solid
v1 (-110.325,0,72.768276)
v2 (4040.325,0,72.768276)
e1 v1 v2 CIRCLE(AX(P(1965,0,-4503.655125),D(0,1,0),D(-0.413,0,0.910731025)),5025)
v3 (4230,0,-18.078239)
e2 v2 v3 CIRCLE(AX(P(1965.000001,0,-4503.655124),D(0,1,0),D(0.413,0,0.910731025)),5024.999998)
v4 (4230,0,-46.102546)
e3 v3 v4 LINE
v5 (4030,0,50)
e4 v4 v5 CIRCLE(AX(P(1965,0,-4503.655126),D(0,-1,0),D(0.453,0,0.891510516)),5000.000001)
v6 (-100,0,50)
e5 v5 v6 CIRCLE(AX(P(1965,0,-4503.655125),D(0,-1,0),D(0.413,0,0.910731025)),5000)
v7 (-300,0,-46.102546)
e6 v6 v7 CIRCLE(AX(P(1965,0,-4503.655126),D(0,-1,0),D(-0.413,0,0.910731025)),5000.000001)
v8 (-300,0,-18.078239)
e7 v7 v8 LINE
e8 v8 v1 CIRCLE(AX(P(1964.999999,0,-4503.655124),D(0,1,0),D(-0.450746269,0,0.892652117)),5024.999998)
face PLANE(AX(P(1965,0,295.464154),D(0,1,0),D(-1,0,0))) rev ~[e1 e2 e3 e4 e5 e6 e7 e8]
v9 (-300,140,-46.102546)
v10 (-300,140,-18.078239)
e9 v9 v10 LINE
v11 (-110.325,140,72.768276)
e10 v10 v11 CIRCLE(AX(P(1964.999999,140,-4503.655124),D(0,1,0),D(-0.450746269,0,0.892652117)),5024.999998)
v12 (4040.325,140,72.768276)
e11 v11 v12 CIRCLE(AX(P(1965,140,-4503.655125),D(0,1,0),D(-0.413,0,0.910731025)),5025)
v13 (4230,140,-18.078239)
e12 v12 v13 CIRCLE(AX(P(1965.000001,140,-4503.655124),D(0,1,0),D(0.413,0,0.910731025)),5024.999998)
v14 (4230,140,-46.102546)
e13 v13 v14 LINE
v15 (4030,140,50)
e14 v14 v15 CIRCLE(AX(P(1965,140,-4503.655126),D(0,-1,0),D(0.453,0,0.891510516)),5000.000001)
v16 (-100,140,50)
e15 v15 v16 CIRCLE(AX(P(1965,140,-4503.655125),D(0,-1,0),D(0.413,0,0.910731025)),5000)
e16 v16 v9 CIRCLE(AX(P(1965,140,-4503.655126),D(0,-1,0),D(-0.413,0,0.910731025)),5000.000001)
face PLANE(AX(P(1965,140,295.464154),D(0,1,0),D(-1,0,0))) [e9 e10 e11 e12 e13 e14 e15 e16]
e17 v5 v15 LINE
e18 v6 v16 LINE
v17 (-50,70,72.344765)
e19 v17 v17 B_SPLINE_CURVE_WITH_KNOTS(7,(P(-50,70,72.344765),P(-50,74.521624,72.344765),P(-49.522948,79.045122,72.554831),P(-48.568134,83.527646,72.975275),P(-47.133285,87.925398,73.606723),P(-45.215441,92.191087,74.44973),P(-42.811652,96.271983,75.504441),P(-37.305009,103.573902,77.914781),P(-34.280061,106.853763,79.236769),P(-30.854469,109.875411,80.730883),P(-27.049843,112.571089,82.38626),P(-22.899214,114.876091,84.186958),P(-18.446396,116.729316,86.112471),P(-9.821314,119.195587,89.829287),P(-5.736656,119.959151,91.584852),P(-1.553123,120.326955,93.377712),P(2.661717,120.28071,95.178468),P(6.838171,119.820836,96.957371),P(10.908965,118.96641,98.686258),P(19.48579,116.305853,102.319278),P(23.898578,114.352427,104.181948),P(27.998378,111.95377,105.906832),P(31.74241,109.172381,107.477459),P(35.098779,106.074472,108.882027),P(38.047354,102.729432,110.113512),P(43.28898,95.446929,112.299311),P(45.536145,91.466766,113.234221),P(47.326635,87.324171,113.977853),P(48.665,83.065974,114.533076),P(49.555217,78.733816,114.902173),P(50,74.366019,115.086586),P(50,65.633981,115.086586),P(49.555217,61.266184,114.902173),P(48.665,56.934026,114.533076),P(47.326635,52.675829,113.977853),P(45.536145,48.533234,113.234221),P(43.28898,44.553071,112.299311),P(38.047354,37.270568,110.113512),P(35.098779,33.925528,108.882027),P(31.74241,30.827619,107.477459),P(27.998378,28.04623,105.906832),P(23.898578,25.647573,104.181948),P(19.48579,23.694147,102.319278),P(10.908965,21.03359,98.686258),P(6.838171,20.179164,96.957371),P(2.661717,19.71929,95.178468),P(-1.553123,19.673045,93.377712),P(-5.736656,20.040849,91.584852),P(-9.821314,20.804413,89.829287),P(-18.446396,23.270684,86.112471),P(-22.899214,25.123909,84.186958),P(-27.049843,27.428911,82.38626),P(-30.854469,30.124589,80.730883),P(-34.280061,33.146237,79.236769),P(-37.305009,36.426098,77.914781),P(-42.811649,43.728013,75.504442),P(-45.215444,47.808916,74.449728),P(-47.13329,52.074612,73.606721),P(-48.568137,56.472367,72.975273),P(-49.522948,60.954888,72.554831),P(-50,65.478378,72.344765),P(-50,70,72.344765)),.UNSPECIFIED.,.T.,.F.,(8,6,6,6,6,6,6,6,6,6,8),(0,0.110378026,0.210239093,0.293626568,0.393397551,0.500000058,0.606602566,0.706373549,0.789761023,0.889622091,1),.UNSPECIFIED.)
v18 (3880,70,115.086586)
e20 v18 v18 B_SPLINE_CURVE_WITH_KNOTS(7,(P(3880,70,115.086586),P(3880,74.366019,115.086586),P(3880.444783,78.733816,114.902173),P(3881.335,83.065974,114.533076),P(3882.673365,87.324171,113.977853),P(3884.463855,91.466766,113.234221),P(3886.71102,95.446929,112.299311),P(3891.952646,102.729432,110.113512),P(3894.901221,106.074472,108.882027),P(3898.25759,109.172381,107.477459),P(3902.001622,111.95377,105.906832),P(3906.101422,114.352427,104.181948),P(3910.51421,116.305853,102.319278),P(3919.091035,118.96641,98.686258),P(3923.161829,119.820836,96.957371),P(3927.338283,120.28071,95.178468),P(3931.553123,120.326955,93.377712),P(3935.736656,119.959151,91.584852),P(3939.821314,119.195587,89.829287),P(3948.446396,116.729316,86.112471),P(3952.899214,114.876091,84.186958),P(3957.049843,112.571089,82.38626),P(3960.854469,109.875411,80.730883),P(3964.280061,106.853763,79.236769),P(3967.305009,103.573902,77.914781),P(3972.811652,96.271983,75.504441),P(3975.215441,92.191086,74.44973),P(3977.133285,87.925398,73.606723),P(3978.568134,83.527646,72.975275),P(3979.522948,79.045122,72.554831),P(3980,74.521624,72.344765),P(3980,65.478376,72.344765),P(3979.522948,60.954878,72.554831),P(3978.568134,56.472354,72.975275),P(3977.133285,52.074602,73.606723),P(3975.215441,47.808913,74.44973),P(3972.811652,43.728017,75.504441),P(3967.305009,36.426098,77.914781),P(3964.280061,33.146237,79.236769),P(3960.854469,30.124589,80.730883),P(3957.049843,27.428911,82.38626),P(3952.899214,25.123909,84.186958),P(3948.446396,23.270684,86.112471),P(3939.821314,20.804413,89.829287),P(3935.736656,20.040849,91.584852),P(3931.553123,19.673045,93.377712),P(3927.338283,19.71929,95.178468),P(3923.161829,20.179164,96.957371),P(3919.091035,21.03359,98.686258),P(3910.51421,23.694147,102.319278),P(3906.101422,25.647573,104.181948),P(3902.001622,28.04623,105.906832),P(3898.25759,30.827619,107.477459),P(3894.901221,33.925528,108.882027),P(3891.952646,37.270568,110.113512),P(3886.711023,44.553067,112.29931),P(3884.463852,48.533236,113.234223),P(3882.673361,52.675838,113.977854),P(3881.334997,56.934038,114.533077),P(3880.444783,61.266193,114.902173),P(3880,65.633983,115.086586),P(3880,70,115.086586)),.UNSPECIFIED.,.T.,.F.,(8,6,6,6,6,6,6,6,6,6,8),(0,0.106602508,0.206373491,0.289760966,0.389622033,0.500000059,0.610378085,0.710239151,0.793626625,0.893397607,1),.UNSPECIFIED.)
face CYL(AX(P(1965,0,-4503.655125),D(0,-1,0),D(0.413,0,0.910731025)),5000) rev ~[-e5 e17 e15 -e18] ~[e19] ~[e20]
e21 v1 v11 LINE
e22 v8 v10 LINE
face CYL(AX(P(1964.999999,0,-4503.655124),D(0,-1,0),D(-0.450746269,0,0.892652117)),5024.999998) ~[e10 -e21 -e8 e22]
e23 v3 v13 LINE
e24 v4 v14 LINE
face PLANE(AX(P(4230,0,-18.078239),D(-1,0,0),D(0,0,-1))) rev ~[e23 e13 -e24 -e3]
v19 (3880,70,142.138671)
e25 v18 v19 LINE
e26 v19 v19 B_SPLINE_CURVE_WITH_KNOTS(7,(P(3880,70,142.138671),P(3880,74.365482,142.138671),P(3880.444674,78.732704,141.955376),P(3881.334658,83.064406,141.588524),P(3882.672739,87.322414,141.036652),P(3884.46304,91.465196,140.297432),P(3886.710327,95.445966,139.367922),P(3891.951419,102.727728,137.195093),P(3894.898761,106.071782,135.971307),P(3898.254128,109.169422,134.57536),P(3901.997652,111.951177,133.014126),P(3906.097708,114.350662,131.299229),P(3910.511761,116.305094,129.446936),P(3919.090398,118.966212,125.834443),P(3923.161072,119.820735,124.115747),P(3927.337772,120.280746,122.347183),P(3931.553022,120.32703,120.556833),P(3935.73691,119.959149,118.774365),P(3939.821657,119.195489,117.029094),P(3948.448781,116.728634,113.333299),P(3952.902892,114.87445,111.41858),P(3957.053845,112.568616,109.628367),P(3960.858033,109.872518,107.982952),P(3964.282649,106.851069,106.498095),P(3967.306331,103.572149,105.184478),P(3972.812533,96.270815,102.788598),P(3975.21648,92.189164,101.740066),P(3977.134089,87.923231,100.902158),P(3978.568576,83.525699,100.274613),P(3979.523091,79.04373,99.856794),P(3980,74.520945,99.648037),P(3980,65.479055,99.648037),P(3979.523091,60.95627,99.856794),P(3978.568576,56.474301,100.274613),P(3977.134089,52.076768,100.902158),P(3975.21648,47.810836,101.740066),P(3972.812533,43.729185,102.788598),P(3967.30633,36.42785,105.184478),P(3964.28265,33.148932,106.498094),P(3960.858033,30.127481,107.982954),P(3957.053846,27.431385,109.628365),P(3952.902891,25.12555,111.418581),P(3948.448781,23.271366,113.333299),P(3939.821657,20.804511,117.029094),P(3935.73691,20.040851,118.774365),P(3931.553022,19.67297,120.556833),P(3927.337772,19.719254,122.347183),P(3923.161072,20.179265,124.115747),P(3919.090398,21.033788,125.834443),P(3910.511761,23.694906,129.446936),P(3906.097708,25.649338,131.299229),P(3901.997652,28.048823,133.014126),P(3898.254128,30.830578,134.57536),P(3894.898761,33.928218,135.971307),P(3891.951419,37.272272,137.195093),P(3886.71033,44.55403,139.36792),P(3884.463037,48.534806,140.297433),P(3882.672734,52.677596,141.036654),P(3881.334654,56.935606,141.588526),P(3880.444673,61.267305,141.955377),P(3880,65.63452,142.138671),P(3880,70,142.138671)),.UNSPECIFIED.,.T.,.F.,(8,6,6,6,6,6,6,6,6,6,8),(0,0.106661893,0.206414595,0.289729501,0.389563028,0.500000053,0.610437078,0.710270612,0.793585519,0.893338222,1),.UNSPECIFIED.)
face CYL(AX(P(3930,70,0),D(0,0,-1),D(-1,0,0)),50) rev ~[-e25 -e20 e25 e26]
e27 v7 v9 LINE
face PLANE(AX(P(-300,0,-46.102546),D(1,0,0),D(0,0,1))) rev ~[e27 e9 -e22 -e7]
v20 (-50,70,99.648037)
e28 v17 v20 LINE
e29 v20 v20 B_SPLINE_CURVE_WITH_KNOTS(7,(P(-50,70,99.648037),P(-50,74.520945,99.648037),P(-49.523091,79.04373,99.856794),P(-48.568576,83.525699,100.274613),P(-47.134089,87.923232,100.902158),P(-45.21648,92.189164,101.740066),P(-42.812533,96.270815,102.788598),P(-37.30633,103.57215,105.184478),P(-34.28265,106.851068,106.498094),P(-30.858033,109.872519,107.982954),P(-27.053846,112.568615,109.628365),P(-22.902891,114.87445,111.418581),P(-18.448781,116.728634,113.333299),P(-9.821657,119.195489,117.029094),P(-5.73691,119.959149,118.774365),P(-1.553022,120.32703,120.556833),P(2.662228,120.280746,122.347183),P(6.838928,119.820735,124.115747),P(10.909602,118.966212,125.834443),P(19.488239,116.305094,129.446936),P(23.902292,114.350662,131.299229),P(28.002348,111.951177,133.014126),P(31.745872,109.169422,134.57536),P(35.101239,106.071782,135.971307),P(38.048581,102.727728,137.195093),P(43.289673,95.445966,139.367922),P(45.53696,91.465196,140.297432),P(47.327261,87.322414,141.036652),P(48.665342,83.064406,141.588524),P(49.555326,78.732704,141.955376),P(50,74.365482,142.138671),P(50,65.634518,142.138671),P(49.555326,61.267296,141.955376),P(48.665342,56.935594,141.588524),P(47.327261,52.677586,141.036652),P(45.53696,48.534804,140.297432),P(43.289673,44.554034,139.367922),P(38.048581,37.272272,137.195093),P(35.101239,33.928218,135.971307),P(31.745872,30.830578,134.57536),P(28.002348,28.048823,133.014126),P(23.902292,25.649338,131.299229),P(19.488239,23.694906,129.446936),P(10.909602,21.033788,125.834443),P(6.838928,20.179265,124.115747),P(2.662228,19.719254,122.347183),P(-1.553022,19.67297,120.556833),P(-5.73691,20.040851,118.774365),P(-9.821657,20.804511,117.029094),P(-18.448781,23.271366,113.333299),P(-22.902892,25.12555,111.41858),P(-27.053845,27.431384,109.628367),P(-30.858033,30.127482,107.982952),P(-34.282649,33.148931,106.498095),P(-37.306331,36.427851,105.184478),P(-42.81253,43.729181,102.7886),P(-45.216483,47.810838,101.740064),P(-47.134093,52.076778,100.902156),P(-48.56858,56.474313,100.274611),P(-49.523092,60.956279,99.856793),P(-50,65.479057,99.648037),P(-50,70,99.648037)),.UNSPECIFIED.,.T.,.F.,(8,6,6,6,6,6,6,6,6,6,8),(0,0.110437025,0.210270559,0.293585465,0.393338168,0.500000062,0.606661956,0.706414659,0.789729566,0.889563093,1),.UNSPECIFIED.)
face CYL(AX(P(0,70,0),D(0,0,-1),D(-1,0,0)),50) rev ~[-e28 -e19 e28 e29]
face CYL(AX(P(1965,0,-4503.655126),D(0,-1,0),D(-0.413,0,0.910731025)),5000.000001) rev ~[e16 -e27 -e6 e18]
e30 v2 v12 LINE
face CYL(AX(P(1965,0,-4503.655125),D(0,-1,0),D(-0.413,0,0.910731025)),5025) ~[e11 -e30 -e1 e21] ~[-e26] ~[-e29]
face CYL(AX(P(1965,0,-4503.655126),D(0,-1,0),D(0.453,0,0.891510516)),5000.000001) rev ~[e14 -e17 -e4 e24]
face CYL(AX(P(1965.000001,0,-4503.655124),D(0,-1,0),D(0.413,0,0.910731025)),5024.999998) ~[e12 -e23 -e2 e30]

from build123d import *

# Parameters (mm, degrees)
SKETCH1_W           = 3930
SKETCH1_H           = 140
BOSS_EXTRUDE1_DEPTH = 50
SKETCH2_R           = 50
CUT_EXTRUDE1_DEPTH  = 50
SKETCH3_W           = 100
SKETCH3_H           = 140
BOSS_EXTRUDE2_DEPTH = 50
SKETCH4_R           = 50
CUT_EXTRUDE2_DEPTH  = 51
BOSS_EXTRUDE3_DEPTH = 140
SKETCH6_R           = 50
CUT_EXTRUDE3_DEPTH  = 522.344874719
SKETCH7_W           = 4130
SKETCH7_H           = 50
CUT_EXTRUDE4_DEPTH  = 141.0000001


with BuildPart() as part:
    # Sketch1 → Boss-Extrude1 (new body)
    with BuildSketch(Plane.XY):
        with Locations((1965, 70)):
            Rectangle(SKETCH1_W, SKETCH1_H)
    extrude(amount=BOSS_EXTRUDE1_DEPTH)

    # Sketch2 → Cut-Extrude1 (cut)
    with BuildSketch(Plane.XY.offset(50)):
        with Locations((3930, 70)):
            Circle(SKETCH2_R)
        with Locations((0, 70)):
            Circle(SKETCH2_R)
    extrude(amount=-CUT_EXTRUDE1_DEPTH, mode=Mode.SUBTRACT)

    # Sketch3 → Boss-Extrude2 (add, through all)
    with BuildSketch(Plane(origin=(0, 0, 0), x_dir=(-1, 0, 0), z_dir=(0, 0, -1))):
        with Locations((-3980, 70)):
            Rectangle(SKETCH3_W, SKETCH3_H)
        with Locations((50, 70)):
            Rectangle(SKETCH3_W, SKETCH3_H)
    extrude(amount=-BOSS_EXTRUDE2_DEPTH)

    # Sketch4 → Cut-Extrude2 (cut, through all)
    with BuildSketch(Plane(origin=(0, 0, 0), x_dir=(-1, 0, 0), z_dir=(0, 0, -1))):
        with Locations((0, 70)):
            Circle(SKETCH4_R)
        with Locations((-3930, 70)):
            Circle(SKETCH4_R)
    extrude(amount=-CUT_EXTRUDE2_DEPTH, mode=Mode.SUBTRACT)

    # Sketch7 → Cut-Extrude4 (cut, through all)
    with BuildSketch(Plane(origin=(0, 140, 0), x_dir=(1, 0, 0), z_dir=(0, 1, 0))):
        with Locations((1965, -25)):
            Rectangle(SKETCH7_W, SKETCH7_H)
    extrude(amount=-CUT_EXTRUDE4_DEPTH, mode=Mode.SUBTRACT)


with BuildPart() as body_2:
    # Sketch5 → Boss-Extrude3 (new body, through all)
    with BuildSketch(Plane.XZ):
        with BuildLine():
            Line((-300, -46.10254567), (-300, -18.078239305))
            ThreePointArc((-300, -18.078239305), (-205.637820717, 28.337422294), (-110.325, 72.768275626))
            ThreePointArc((-110.325, 72.768275626), (1965, 521.344874719), (4040.325, 72.768275626))
            ThreePointArc((4040.325, 72.768275626), (4135.637820717, 28.337422294), (4230, -18.078239305))
            Line((4230, -18.078239305), (4230, -46.10254567))
            ThreePointArc((4230, -46.10254567), (4130.533173337, 3.0583197), (4030, 50))
            ThreePointArc((4030, 50), (1965, 496.344874719), (-100, 50))
            ThreePointArc((-100, 50), (-200.533173337, 3.0583197), (-300, -46.10254567))
        make_face()
    extrude(amount=-BOSS_EXTRUDE3_DEPTH)

    # Sketch6 → Cut-Extrude3 (cut, through all)
    with BuildSketch(Plane(origin=(0, 0, 0), x_dir=(-1, 0, 0), z_dir=(0, 0, -1))):
        with Locations((-3930, 70)):
            Circle(SKETCH6_R)
        with Locations((0, 70)):
            Circle(SKETCH6_R)
    extrude(amount=-CUT_EXTRUDE3_DEPTH, mode=Mode.SUBTRACT)


solid = body_2.part
